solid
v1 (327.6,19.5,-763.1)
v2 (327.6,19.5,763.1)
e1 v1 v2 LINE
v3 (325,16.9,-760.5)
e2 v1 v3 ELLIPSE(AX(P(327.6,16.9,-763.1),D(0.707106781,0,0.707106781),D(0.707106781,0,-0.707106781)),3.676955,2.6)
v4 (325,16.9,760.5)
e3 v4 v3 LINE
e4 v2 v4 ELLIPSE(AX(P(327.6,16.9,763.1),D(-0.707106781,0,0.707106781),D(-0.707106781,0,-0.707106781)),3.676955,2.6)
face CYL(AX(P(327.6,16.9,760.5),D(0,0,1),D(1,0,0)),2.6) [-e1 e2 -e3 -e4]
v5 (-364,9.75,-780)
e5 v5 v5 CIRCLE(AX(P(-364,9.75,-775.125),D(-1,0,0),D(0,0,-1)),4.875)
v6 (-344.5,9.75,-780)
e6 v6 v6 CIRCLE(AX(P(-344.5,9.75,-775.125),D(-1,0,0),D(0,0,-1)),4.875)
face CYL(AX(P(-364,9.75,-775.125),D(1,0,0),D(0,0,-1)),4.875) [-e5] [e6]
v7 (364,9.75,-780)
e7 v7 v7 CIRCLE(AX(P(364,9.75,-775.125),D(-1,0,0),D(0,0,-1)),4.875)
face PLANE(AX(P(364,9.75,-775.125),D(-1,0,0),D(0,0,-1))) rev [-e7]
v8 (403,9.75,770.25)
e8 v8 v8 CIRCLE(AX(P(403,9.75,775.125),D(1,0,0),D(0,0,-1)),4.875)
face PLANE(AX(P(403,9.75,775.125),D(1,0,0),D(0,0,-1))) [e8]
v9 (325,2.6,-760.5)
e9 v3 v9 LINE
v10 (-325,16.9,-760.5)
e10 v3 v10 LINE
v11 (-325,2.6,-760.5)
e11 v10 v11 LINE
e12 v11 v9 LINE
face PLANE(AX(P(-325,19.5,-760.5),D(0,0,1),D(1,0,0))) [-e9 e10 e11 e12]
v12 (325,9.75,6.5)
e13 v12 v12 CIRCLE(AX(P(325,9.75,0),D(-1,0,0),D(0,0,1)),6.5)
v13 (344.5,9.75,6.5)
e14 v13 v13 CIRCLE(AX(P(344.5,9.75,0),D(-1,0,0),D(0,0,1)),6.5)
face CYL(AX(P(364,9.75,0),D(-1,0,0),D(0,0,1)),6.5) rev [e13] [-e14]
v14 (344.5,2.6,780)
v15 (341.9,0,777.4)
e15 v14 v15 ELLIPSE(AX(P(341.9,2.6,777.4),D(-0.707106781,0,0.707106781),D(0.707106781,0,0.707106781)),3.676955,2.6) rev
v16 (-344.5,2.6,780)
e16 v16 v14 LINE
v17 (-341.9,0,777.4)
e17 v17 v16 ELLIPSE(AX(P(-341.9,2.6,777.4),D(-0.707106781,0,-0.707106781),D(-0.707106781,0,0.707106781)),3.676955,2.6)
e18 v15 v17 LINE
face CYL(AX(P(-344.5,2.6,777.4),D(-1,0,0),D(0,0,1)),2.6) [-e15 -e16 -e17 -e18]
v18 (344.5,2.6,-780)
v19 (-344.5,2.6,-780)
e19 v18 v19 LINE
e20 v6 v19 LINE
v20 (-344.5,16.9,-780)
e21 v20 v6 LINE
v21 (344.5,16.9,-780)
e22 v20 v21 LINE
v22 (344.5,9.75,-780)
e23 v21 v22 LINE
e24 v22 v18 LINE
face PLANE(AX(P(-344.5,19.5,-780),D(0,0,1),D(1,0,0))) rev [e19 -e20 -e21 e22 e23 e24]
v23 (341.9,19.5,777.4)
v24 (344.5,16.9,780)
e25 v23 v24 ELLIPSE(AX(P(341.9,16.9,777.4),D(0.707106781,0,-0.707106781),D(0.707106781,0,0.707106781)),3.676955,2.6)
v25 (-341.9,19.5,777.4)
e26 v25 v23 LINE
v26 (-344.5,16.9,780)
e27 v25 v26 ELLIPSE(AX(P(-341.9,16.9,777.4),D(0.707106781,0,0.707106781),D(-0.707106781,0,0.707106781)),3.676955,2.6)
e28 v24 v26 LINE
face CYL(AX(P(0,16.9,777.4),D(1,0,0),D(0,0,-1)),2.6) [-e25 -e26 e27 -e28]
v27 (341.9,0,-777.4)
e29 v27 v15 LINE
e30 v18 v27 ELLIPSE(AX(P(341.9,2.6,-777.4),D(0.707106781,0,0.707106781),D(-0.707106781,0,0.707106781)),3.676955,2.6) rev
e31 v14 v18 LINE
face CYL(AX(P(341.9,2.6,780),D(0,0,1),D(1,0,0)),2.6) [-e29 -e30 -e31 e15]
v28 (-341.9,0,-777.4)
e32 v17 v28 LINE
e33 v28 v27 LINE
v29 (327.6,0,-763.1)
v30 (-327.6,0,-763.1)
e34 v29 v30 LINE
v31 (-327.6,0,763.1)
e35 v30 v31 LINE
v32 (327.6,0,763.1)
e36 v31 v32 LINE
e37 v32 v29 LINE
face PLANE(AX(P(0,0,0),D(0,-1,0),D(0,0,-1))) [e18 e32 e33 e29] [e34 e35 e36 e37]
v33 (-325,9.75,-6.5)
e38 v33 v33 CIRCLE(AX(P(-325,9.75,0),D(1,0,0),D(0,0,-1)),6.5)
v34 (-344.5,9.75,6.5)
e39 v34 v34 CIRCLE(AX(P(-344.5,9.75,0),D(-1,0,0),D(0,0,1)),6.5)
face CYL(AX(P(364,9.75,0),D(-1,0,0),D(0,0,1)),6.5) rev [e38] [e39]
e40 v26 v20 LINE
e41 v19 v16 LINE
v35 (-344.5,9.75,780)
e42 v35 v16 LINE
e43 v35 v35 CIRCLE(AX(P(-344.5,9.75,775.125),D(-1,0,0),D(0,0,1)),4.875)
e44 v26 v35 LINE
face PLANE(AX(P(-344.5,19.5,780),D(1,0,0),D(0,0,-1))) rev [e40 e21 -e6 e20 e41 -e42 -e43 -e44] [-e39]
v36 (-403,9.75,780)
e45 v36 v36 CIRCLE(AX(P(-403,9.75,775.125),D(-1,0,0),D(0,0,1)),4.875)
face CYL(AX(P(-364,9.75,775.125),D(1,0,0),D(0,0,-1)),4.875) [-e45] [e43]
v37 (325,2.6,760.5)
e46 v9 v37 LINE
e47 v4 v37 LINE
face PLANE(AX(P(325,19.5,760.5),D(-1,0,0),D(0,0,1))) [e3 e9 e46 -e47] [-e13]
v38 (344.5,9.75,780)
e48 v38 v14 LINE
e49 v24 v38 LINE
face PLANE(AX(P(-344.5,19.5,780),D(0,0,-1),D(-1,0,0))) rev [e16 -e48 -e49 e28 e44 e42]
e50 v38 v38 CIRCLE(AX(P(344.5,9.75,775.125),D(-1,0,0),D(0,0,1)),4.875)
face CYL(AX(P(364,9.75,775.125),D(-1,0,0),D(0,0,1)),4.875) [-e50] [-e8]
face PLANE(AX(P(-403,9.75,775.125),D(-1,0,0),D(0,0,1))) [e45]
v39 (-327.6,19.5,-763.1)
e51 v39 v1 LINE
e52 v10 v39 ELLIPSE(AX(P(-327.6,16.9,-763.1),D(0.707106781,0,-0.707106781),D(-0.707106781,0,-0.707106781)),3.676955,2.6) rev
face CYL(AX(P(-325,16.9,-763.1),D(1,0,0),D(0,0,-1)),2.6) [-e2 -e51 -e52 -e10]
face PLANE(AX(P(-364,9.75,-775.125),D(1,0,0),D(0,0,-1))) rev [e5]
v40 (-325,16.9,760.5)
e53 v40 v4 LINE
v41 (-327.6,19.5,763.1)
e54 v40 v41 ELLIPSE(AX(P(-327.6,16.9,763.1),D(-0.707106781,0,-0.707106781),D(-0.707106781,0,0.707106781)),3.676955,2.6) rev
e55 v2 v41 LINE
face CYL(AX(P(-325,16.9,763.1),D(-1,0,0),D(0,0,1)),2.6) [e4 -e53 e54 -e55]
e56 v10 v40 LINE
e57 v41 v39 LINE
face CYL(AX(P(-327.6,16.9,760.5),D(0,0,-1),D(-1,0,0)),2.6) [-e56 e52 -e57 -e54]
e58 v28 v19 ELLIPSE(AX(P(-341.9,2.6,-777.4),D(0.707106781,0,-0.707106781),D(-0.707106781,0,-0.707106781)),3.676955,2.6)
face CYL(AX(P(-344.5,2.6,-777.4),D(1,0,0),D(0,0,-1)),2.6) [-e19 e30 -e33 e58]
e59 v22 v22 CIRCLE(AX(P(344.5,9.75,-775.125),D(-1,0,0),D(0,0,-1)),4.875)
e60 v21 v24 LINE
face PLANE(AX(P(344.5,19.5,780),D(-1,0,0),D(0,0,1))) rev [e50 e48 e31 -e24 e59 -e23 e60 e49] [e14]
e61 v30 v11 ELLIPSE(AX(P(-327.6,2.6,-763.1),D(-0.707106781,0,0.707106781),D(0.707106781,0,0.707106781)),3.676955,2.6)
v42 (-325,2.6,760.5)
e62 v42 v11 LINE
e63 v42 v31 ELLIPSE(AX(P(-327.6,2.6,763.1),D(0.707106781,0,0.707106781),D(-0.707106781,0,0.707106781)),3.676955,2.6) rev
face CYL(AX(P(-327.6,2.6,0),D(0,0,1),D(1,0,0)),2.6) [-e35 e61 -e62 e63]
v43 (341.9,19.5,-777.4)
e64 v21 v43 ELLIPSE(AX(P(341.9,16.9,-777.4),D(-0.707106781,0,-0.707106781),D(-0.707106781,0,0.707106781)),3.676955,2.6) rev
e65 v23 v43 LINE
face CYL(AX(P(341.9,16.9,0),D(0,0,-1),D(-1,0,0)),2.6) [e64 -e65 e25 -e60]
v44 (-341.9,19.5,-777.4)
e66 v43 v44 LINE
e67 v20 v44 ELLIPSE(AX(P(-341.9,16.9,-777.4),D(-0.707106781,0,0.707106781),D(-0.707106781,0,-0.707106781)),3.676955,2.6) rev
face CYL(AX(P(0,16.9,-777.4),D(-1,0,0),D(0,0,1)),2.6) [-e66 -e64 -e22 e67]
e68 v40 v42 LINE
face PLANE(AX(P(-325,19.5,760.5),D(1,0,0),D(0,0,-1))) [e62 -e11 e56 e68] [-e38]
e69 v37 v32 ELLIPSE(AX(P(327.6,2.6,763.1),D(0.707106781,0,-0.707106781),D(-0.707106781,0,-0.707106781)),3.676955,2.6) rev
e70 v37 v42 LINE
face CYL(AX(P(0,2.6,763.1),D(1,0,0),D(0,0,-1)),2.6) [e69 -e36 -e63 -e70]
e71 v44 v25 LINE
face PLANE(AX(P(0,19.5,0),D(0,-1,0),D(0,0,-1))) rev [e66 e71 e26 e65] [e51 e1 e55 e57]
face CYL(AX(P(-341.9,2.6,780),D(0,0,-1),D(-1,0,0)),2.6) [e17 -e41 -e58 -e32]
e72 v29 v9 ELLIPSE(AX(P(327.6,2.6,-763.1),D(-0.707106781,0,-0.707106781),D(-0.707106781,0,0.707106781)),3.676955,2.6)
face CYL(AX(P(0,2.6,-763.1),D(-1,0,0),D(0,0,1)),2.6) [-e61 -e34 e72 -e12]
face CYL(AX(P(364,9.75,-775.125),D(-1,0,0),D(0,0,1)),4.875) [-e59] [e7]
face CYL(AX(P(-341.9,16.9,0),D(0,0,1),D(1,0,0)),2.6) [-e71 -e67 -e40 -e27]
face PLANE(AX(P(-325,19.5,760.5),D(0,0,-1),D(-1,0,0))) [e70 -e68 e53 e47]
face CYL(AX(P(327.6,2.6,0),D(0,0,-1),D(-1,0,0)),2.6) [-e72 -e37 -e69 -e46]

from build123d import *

# Parameters (mm, degrees)
CROQUIS1_W              = 530
CROQUIS1_H              = 1200
CROQUIS1_W_2            = 500
CROQUIS1_H_2            = 1170
SALIENTE_EXTRUIR1_DEPTH = 15
REDONDEO1_R             = 2
REDONDEO2_R             = 2
CROQUIS2_R              = 3.75
SALIENTE_EXTRUIR2_DEPTH = 15
CROQUIS3_R              = 5
CORTAR_EXTRUIR1_DEPTH   = 546
CROQUIS4_R              = 3.75
SALIENTE_EXTRUIR3_DEPTH = 30
CROQUIS5_R              = 3.75
SALIENTE_EXTRUIR4_DEPTH = 30
ESCALA1_SCALE           = 1.3


with BuildPart() as part:
    # Croquis1 → Saliente-Extruir1 (new body)
    with BuildSketch(Plane(origin=(0, 0, 0), x_dir=(1, 0, 0), z_dir=(0, 1, 0))):
        Rectangle(CROQUIS1_W, CROQUIS1_H)
        Rectangle(CROQUIS1_W_2, CROQUIS1_H_2, mode=Mode.SUBTRACT)
    extrude(amount=SALIENTE_EXTRUIR1_DEPTH)

    # Redondeo1
    redondeo1_edges = [part.edges().sort_by_distance(p)[0] for p in [
        (-265, 15, 0),
        (250, 15, 0),
        (0, 15, 600),
        (0, 15, -585),
        (-250, 15, 0),
        (0, 15, 585),
        (265, 15, 0),
        (0, 15, -600),
    ]]
    fillet(redondeo1_edges, radius=REDONDEO1_R)

    # Redondeo2
    redondeo2_edges = [part.edges().sort_by_distance(p)[0] for p in [
        (250, 0, 0),
        (0, 0, -585),
        (-250, 0, 0),
        (0, 0, 585),
        (0, 0, 600),
        (-265, 0, 0),
        (0, 0, -600),
        (265, 0, 0),
    ]]
    fillet(redondeo2_edges, radius=REDONDEO2_R)

    # Croquis2 → Saliente-Extruir2 (add)
    with BuildSketch(Plane.ZY.offset(265)):
        with Locations((596.25, 7.5)):
            Circle(CROQUIS2_R)
        with Locations((-596.25, 7.5)):
            Circle(CROQUIS2_R)
    saliente_extruir2 = extrude(amount=SALIENTE_EXTRUIR2_DEPTH)

    # Simetría1: Saliente-Extruir2 across plane
    add(saliente_extruir2.mirror(Plane(origin=(0, 0, 0), x_dir=(0, 0, 1), z_dir=(1, 0, 0))))

    # Croquis3 → Cortar-Extruir1 (cut, through all)
    with BuildSketch(Plane.ZY.offset(265)):
        with Locations((0, 7.5)):
            Circle(CROQUIS3_R)
    extrude(amount=-CORTAR_EXTRUIR1_DEPTH, mode=Mode.SUBTRACT)

    # Croquis4 → Saliente-Extruir3 (add)
    with BuildSketch(Plane(origin=(280, 0, 0), x_dir=(0, 0, -1), z_dir=(1, 0, 0))):
        with Locations((-596.25, 7.5)):
            Circle(CROQUIS4_R)
    extrude(amount=SALIENTE_EXTRUIR3_DEPTH)

    # Croquis5 → Saliente-Extruir4 (add)
    with BuildSketch(Plane.ZY.offset(280)):
        with Locations((596.25, 7.5)):
            Circle(CROQUIS5_R)
    extrude(amount=SALIENTE_EXTRUIR4_DEPTH)


with BuildPart() as part_1:
    # Escala1: scaled about (0, 0, 0)
    add(part.part.scale(ESCALA1_SCALE))


solid = part_1.part
